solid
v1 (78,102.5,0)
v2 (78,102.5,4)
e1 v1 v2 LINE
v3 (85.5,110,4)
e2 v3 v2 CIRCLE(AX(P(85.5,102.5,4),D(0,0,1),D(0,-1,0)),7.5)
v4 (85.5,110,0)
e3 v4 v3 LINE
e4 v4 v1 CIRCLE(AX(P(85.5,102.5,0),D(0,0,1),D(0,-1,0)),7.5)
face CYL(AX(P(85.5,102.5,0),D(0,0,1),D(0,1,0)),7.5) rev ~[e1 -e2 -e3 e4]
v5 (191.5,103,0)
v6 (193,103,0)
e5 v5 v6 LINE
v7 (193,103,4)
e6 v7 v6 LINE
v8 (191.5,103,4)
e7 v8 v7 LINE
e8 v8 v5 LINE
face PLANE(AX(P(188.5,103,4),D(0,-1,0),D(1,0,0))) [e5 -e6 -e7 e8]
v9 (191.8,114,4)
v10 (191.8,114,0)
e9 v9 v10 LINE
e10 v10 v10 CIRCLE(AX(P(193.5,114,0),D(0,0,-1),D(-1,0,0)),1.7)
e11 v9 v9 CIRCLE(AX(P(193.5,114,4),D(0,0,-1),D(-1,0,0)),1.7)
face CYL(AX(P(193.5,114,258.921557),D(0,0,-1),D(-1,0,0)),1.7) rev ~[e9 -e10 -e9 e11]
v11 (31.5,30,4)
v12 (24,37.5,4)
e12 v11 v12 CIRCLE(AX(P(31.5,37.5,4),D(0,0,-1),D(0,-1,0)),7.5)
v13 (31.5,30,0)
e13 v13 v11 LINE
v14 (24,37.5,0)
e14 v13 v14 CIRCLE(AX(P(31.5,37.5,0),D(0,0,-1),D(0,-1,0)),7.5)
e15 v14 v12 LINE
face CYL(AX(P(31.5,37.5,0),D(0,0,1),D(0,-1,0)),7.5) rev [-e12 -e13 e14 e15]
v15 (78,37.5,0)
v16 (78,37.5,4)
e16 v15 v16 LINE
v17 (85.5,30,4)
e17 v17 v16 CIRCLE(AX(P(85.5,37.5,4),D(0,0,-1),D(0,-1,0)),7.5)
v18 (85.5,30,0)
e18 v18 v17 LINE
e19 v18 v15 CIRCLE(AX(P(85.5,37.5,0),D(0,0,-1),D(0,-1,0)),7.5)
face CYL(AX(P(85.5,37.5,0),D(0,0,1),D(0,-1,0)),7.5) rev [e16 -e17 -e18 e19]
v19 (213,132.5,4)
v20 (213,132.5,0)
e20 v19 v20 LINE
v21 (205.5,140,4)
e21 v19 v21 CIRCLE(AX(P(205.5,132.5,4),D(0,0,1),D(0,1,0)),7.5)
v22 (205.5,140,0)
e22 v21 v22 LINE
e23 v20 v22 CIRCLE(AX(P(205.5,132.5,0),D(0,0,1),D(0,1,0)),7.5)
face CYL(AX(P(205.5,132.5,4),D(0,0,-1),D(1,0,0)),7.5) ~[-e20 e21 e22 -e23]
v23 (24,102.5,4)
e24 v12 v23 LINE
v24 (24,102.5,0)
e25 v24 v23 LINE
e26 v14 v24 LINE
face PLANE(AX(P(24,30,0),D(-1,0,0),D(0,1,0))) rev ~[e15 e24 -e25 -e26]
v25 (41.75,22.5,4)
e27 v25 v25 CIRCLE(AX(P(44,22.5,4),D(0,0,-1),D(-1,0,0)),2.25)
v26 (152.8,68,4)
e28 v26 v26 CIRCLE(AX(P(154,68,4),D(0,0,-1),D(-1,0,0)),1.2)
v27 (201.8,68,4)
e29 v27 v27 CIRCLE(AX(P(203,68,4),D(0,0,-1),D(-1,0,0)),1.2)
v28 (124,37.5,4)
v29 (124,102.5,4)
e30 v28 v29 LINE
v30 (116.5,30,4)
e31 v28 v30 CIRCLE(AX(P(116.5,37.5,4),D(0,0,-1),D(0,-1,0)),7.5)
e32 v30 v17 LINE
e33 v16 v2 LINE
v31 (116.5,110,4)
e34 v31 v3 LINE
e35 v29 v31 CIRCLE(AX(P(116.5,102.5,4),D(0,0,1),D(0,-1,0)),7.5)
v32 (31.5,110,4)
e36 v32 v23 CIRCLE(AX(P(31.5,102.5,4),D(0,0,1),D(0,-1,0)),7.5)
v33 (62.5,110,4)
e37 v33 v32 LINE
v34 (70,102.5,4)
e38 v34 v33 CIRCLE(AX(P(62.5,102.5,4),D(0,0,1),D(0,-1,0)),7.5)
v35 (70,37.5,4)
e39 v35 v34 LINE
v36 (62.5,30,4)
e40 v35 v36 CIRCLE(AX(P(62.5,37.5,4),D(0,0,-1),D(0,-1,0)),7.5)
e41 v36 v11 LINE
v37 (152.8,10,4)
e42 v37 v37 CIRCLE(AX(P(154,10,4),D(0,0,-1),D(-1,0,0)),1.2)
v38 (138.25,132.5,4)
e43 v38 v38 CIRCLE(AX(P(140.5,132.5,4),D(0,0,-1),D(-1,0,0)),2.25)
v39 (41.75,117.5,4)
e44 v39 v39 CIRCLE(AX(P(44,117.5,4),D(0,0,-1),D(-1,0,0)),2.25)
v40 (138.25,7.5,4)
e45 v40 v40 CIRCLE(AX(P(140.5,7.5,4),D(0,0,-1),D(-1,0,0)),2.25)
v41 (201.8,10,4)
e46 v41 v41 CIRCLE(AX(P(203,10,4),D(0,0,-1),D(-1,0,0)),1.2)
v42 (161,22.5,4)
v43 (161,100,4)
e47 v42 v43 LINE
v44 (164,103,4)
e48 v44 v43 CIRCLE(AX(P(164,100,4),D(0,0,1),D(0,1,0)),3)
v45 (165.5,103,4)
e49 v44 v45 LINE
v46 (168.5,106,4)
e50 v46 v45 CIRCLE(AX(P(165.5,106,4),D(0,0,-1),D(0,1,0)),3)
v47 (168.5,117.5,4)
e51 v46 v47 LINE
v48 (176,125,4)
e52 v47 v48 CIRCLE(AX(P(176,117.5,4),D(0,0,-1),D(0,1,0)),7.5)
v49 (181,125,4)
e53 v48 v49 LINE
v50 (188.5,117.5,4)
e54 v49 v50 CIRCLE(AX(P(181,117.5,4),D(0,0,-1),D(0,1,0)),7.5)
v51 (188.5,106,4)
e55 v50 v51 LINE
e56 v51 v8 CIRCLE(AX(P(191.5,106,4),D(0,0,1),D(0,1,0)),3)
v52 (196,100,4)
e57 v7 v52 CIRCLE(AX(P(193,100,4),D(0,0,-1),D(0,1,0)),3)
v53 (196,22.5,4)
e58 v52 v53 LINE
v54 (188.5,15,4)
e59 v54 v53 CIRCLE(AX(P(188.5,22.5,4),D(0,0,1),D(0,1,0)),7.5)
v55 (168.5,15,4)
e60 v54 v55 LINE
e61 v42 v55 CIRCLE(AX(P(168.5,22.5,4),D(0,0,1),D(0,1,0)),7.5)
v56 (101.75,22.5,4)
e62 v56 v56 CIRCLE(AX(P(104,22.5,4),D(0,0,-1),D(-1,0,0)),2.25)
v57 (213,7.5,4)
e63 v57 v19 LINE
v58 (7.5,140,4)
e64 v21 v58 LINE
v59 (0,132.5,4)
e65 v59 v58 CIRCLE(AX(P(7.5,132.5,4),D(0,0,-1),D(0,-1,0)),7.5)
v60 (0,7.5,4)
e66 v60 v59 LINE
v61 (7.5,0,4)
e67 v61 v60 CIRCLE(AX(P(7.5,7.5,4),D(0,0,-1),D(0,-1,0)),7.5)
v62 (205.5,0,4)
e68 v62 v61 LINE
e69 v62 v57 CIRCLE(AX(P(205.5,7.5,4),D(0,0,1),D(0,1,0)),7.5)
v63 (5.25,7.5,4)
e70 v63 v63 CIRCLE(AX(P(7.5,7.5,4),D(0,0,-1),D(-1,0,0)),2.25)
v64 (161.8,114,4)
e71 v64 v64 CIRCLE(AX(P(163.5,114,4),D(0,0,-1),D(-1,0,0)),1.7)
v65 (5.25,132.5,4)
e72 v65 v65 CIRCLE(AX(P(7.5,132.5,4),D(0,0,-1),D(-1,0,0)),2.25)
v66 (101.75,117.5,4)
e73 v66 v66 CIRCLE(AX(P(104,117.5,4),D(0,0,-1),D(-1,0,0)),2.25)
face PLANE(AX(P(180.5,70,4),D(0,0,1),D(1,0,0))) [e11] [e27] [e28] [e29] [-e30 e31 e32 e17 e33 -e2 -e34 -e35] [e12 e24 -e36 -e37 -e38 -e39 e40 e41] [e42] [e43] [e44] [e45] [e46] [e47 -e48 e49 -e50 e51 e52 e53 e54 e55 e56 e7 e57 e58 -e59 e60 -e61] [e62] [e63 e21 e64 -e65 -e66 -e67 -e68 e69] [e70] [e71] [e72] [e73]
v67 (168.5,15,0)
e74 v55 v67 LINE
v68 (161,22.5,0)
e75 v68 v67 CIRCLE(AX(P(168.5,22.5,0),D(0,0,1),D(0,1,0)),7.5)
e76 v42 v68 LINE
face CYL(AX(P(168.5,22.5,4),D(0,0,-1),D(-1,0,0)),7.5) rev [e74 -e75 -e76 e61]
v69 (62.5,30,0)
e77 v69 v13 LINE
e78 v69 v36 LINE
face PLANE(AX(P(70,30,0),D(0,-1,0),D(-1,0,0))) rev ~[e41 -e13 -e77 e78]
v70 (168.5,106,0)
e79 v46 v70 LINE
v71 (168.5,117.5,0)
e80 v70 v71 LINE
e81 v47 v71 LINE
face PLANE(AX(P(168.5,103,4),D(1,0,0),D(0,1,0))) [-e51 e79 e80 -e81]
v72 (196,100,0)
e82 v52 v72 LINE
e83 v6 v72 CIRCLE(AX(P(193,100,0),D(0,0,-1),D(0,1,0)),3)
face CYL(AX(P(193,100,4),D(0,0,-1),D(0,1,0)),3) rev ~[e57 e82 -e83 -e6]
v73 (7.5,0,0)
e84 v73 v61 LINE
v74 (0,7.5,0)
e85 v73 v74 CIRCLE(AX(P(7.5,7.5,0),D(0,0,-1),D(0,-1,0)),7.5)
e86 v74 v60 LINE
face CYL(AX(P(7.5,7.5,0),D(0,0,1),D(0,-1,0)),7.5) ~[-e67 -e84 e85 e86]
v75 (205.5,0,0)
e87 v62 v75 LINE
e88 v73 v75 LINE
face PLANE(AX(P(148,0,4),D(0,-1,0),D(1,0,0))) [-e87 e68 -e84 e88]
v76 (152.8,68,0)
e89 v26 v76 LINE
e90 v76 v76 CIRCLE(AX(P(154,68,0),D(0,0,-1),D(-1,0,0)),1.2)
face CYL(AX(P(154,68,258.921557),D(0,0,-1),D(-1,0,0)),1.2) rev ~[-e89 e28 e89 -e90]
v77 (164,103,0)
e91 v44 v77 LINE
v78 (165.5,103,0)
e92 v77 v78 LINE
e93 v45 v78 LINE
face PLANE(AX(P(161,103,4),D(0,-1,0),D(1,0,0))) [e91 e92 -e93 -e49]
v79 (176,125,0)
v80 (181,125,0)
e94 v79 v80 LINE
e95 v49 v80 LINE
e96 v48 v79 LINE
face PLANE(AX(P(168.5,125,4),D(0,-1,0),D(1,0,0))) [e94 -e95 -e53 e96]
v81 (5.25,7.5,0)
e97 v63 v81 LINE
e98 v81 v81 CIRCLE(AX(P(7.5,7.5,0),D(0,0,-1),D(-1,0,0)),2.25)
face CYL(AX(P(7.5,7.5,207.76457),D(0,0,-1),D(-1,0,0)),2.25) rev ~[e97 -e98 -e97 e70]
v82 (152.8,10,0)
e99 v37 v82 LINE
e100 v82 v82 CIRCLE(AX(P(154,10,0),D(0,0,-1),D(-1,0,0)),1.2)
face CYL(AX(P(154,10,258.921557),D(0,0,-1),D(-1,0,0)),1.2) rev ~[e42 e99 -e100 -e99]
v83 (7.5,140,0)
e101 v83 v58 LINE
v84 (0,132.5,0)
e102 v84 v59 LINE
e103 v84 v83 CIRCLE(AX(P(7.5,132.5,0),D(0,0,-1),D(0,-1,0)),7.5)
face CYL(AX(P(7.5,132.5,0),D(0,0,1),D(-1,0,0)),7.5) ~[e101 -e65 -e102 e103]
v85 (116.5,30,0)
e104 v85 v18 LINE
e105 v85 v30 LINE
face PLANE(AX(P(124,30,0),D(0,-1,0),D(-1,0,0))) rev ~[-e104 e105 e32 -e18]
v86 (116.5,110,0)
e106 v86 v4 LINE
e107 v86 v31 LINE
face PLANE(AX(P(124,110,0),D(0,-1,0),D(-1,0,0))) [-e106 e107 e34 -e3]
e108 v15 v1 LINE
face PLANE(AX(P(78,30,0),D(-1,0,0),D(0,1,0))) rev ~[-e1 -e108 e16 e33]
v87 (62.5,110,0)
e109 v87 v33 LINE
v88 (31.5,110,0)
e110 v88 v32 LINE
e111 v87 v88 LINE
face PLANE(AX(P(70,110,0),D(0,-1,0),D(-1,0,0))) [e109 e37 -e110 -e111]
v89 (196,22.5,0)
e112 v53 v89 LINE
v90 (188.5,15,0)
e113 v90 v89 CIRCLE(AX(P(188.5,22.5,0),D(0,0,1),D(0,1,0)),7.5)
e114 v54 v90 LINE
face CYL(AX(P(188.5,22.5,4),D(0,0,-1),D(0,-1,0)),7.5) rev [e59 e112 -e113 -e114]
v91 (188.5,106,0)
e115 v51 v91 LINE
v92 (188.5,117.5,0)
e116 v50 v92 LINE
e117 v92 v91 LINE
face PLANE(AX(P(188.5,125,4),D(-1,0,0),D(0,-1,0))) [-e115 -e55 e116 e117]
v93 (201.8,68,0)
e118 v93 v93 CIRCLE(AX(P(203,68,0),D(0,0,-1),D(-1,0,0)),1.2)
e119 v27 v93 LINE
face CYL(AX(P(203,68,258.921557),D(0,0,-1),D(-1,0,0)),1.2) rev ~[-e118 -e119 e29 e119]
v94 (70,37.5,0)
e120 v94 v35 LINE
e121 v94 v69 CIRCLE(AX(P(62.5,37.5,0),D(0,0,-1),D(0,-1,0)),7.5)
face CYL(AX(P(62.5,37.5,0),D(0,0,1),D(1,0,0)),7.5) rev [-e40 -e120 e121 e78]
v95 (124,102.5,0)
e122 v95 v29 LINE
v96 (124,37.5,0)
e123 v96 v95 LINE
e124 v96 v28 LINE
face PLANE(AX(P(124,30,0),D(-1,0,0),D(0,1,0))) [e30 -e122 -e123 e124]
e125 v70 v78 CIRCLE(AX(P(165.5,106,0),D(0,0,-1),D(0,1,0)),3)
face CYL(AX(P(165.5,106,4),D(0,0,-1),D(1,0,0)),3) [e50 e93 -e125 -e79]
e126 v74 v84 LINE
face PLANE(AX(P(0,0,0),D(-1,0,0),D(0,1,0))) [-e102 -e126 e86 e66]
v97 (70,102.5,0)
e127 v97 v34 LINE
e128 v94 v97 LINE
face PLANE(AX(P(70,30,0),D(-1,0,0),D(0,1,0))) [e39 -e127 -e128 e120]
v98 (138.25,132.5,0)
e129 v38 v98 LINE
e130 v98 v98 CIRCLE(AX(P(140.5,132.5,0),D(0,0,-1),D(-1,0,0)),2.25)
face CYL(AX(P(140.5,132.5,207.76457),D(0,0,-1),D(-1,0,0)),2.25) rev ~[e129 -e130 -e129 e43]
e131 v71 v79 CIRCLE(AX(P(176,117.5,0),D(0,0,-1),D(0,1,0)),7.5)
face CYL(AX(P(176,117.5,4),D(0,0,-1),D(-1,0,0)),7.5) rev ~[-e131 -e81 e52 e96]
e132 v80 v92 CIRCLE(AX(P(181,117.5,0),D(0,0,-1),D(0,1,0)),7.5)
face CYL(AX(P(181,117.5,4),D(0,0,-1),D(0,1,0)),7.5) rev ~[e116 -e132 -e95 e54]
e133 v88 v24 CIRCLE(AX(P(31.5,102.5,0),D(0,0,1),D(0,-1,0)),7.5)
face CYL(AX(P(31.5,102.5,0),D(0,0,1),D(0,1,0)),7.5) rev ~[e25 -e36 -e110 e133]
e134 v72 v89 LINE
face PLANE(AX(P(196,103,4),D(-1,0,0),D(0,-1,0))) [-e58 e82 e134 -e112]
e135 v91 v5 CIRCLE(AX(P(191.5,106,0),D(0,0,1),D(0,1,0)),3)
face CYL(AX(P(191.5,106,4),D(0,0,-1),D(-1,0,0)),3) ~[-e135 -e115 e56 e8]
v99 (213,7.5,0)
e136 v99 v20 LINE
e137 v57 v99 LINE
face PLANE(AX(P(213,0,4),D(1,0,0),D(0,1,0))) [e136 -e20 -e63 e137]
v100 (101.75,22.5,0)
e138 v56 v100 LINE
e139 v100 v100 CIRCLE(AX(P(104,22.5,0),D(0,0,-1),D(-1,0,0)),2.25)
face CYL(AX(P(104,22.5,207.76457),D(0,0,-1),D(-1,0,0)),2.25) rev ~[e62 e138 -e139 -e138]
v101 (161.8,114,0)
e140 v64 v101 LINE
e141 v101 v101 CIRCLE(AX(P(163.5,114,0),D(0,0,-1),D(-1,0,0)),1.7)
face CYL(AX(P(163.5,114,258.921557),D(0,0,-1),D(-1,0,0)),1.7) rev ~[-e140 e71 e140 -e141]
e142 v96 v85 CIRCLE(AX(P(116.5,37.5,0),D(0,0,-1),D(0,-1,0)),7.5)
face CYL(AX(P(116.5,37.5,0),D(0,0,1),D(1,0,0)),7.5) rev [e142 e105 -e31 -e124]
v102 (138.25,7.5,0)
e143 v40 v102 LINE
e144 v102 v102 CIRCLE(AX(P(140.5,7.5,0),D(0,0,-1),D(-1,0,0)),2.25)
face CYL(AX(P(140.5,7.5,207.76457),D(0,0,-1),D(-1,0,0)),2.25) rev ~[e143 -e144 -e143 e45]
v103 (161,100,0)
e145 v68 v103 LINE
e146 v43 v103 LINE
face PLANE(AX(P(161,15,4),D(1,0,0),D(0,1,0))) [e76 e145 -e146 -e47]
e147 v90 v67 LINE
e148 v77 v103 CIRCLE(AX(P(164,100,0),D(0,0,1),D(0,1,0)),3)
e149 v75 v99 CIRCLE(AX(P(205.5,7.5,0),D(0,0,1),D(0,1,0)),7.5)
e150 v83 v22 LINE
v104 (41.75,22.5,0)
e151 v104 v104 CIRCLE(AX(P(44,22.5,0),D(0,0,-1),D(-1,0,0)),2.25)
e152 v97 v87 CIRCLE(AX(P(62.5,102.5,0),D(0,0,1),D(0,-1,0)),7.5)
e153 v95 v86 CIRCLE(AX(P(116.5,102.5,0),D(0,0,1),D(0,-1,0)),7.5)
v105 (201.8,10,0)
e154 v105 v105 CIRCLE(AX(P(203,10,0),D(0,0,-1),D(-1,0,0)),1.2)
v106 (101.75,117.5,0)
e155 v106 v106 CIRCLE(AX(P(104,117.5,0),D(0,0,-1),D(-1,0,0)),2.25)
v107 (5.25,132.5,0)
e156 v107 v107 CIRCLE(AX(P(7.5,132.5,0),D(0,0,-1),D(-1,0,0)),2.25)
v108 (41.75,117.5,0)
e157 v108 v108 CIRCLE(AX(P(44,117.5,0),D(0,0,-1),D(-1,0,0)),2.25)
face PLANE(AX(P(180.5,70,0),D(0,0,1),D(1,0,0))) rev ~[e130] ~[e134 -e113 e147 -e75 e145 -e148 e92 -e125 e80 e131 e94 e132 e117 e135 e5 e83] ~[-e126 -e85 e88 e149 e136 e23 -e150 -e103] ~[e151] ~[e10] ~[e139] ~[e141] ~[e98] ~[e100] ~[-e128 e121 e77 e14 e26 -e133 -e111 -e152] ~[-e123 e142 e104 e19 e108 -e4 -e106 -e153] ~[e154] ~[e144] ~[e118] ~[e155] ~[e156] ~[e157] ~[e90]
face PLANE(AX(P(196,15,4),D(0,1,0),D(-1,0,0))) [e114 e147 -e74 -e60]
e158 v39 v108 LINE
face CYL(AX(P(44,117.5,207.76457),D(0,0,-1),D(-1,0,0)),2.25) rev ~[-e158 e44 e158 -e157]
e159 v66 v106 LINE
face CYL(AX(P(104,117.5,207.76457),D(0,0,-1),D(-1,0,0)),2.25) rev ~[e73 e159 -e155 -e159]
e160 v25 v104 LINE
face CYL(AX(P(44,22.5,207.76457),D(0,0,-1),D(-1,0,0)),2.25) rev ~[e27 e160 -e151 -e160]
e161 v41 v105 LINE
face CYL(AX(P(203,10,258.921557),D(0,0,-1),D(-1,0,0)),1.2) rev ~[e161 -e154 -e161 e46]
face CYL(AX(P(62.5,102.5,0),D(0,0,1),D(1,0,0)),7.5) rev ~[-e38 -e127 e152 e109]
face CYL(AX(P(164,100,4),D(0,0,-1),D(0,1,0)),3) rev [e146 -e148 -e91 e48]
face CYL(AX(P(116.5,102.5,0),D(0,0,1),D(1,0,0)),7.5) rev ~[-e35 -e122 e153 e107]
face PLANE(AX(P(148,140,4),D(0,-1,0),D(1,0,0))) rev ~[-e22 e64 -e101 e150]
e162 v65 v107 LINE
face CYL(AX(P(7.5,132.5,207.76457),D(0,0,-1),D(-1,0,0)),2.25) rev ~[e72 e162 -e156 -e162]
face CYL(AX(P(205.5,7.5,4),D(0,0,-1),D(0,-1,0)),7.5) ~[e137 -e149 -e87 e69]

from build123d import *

# Parameters (mm, degrees)
SKETCH_1_W              = 140
SKETCH_1_H              = 148
SKETCH_1_W_2            = 80
SKETCH_1_H_2            = 46
EXTRUDE_1_DEPTH         = 4
HOLE_WIZARD_M4_1_D      = 4.5
HOLE_WIZARD_4_5_4_5_1_D = 4.5
SKETCH_9_W              = 65
SKETCH_9_H              = 140
EXTRUDE_3_DEPTH         = 4
HOLE_WIZARD_M2_1_D      = 2.4
CUT_EXTRUDE_1_DEPTH     = 255.921556562
HOLE_WIZARD_M3_1_D      = 3.4
FILLET_6_R              = 7.5
FILLET_8_R              = 3


with BuildPart() as part:
    # ｽｹｯﾁ1 → ﾎﾞｽ - 押し出し1 (new body)
    with BuildSketch(Plane(origin=(0, 0, 0), x_dir=(0, 1, 0), z_dir=(0, 0, 1))):
        with Locations((70, -74)):
            Rectangle(SKETCH_1_W, SKETCH_1_H)
        with Locations((70, -47)):
            Rectangle(SKETCH_1_W_2, SKETCH_1_H_2, mode=Mode.SUBTRACT)
        with Locations((70, -101)):
            Rectangle(SKETCH_1_W_2, SKETCH_1_H_2, mode=Mode.SUBTRACT)
    extrude(amount=EXTRUDE_1_DEPTH)

    # M4 すきま穴1 (through all)
    with Locations(Plane.XY.offset(4)):
        with Locations((7.5, 132.5), (140.5, 132.5), (7.5, 7.5), (140.5, 7.5)):
            Hole(HOLE_WIZARD_M4_1_D / 2)

    # Ø4.5 (4.5) 直径の穴1 (through all)
    with Locations(Plane.XY.offset(4)):
        with Locations((44, 117.5), (104, 117.5), (104, 22.5), (44, 22.5)):
            Hole(HOLE_WIZARD_4_5_4_5_1_D / 2)

    # ｽｹｯﾁ9 → ﾎﾞｽ - 押し出し3 (add)
    with BuildSketch(Plane.XY.offset(4)):
        with Locations((180.5, 70)):
            Rectangle(SKETCH_9_W, SKETCH_9_H)
    extrude(amount=-EXTRUDE_3_DEPTH)

    # M2 すきま穴1 (through all)
    with Locations(Plane.XY.offset(4)):
        with Locations((203, 10), (154, 68), (203, 68), (154, 10)):
            Hole(HOLE_WIZARD_M2_1_D / 2)

    # ｽｹｯﾁ13 → ｶｯﾄ - 押し出し1 (cut, through all)
    with BuildSketch(Plane.XY.offset(4)):
        Polygon((168.5, 125), (188.5, 125), (188.5, 103), (196, 103), (196, 15), (161, 15), (161, 103), (168.5, 103), align=None)
    extrude(amount=-CUT_EXTRUDE_1_DEPTH, mode=Mode.SUBTRACT)

    # M3 すきま穴1 (through all)
    with Locations(Plane.XY.offset(4)):
        with Locations((163.5, 114), (193.5, 114)):
            Hole(HOLE_WIZARD_M3_1_D / 2)

    # ﾌｨﾚｯﾄ6
    fillet_6_edges = [part.edges().sort_by_distance(p)[0] for p in [
        (168.5, 125, 2),
        (188.5, 125, 2),
        (196, 15, 2),
        (161, 15, 2),
        (24, 30, 2),
        (70, 30, 2),
        (70, 110, 2),
        (24, 110, 2),
        (124, 110, 2),
        (78, 110, 2),
        (78, 30, 2),
        (124, 30, 2),
        (0, 0, 2),
        (0, 140, 2),
        (213, 140, 2),
        (213, 0, 2),
    ]]
    fillet(fillet_6_edges, radius=FILLET_6_R)

    # ﾌｨﾚｯﾄ8
    fillet_8_edges = [part.edges().sort_by_distance(p)[0] for p in [
        (168.5, 103, 2),
        (188.5, 103, 2),
        (196, 103, 2),
        (161, 103, 2),
    ]]
    fillet(fillet_8_edges, radius=FILLET_8_R)


solid = part.part
